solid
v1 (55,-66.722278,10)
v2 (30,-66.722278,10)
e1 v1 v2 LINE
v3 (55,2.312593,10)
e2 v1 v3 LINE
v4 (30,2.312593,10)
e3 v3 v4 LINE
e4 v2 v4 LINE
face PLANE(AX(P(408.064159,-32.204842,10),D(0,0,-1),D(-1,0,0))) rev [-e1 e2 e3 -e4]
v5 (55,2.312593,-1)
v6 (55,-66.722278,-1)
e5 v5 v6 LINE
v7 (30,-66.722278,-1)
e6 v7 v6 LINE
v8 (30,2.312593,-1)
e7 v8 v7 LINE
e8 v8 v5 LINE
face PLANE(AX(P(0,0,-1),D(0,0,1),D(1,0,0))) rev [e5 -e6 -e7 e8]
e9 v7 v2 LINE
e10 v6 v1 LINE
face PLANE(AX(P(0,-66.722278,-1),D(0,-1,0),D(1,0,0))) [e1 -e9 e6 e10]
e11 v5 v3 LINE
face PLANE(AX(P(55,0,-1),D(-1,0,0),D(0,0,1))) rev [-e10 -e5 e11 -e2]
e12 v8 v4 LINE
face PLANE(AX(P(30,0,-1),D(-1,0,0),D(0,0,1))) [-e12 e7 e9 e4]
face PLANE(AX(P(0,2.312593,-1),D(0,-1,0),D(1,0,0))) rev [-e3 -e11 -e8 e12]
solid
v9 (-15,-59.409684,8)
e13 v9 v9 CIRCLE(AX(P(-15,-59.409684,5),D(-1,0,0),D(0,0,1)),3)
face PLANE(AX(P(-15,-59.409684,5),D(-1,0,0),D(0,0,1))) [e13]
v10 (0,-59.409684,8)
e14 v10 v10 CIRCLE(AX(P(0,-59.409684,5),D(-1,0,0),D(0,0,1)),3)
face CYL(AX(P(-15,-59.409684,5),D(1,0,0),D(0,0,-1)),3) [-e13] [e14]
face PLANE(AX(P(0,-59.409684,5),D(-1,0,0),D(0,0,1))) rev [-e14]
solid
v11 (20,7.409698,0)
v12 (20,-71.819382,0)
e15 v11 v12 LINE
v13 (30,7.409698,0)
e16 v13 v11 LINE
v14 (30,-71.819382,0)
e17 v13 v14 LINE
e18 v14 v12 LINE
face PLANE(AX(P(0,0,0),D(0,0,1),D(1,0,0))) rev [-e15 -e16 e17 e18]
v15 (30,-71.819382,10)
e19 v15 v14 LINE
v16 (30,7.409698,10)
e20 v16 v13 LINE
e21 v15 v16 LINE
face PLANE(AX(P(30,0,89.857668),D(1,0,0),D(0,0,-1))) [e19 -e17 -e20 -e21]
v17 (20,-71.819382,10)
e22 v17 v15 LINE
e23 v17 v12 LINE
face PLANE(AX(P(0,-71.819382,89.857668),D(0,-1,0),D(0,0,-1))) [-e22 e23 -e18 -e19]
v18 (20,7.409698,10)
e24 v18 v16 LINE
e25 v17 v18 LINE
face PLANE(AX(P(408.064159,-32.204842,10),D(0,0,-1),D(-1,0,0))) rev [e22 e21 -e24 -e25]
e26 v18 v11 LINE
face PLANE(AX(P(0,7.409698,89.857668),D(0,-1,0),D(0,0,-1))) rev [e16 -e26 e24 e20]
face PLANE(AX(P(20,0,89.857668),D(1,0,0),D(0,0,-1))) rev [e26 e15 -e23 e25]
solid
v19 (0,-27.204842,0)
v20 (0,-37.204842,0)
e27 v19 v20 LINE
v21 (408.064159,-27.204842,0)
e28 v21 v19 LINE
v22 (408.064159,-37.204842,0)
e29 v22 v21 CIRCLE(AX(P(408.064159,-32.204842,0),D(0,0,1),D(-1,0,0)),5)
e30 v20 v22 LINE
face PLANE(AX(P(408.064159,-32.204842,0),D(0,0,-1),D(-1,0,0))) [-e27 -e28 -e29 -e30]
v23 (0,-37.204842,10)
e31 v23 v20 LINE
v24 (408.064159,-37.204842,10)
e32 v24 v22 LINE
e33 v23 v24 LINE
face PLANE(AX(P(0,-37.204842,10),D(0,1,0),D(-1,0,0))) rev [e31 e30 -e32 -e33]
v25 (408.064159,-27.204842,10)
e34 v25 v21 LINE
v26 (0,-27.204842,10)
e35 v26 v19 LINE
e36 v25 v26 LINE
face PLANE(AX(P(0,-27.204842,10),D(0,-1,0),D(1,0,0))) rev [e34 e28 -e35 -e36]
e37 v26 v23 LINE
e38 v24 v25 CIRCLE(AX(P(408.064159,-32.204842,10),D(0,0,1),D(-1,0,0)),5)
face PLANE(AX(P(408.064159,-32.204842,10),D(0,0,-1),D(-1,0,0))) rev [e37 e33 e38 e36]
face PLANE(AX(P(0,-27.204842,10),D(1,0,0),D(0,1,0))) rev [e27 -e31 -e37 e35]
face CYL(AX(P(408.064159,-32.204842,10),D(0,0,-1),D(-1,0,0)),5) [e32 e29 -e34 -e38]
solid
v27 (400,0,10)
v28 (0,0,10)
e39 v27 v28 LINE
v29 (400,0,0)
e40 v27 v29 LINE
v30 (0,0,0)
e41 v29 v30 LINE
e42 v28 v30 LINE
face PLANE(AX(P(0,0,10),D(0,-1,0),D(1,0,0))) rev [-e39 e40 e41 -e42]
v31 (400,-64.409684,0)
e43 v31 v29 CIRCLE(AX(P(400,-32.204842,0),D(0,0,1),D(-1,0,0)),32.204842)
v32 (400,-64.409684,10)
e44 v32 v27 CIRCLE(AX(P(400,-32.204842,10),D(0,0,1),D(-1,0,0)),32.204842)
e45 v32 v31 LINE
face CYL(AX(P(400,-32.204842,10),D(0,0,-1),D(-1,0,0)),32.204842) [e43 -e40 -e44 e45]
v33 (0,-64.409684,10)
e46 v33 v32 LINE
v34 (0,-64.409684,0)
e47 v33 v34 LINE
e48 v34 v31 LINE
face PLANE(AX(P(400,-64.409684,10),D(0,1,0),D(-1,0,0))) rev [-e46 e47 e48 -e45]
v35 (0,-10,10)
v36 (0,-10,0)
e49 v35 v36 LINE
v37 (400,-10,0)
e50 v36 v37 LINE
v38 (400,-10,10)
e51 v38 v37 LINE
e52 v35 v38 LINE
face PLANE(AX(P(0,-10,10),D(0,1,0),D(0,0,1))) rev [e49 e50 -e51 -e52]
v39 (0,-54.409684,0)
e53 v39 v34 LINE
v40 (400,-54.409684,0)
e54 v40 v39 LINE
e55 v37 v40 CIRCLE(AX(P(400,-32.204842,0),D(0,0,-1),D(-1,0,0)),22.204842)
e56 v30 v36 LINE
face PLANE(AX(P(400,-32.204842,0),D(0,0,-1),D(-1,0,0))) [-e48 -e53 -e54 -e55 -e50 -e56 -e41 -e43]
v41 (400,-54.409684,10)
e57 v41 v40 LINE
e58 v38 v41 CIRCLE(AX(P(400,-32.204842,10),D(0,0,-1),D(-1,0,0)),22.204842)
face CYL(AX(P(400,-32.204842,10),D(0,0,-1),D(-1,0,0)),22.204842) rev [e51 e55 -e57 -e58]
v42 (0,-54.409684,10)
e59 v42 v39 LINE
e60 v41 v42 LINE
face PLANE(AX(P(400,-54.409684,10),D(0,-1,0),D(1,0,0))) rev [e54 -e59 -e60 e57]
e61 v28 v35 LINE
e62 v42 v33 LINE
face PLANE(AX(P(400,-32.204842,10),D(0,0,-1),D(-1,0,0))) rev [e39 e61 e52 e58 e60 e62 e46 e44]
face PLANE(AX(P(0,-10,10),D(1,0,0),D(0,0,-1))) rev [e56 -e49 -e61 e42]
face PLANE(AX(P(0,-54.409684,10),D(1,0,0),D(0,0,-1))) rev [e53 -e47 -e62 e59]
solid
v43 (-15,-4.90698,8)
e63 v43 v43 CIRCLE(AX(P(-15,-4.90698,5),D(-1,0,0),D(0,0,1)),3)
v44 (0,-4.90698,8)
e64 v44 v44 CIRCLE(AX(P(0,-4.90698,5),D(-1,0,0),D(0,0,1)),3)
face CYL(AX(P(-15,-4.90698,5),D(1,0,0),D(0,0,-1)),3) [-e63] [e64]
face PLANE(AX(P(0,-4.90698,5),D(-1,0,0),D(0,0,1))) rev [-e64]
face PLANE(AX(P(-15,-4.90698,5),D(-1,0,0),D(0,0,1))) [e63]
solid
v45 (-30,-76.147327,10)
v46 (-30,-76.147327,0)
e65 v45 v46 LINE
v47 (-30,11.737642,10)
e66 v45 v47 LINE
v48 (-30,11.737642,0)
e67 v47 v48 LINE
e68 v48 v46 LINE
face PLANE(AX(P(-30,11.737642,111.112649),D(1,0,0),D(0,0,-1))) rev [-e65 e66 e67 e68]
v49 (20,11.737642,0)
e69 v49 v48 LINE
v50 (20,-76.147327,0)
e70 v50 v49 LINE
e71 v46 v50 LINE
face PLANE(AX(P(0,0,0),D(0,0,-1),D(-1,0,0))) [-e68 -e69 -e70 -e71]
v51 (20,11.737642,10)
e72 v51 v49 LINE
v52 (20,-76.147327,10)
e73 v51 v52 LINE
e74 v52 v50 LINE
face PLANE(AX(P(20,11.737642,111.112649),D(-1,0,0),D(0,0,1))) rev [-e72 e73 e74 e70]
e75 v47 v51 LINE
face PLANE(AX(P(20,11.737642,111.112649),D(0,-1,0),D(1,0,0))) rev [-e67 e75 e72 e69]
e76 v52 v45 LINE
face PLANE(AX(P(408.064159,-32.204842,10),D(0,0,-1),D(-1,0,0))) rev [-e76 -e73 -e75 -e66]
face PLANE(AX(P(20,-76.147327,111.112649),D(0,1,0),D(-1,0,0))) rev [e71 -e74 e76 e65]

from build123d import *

# Parameters (mm, degrees)
BOSS_EXTRUDE1_DEPTH      = 10
BOSS_EXTRUDE1_2_DEPTH    = 10
SKETCH2_R                = 3
BOSS_EXTRUDE2_DEPTH      = 15
SKETCH3_R                = 3
BOSS_EXTRUDE3_DEPTH      = 15
BOSS_EXTRUDE4_DEPTH      = 10
BOSS_EXTRUDE4_DEPTH_BACK = 1
SKETCH4_W                = 25
SKETCH4_H                = 69.034871012
SKETCH5_W                = 10
SKETCH5_H                = 39.614540043
BOSS_EXTRUDE6_DEPTH      = 10
SKETCH6_W                = 50
SKETCH6_H                = 87.884968957
BOSS_EXTRUDE7_DEPTH      = 10


with BuildPart() as part:
    # Sketch1 → Boss-Extrude1 (new body)
    with BuildSketch(Plane.XY):
        with BuildLine():
            Line((0, 0), (400, 0))
            ThreePointArc((400, 0), (432.204842223, -32.204842223), (400, -64.409684446))
            Line((400, -64.409684446), (0, -64.409684446))
            Line((0, -64.409684446), (0, -54.409684446))
            Line((0, -54.409684446), (400, -54.409684446))
            ThreePointArc((400, -54.409684446), (422.204842223, -32.204842223), (400, -10))
            Line((400, -10), (0, -10))
            Line((0, -10), (0, 0))
        make_face()
    extrude(amount=BOSS_EXTRUDE1_DEPTH)


with BuildPart() as body_2:
    # Sketch1 → Boss-Extrude1 2 (new body)
    with BuildSketch(Plane.XY):
        with BuildLine():
            Line((0, -27.204842223), (408.064158914, -27.204842223))
            ThreePointArc((408.064158914, -27.204842223), (413.064158914, -32.204842223), (408.064158914, -37.204842223))
            Line((408.064158914, -37.204842223), (0, -37.204842223))
            Line((0, -37.204842223), (0, -27.204842223))
        make_face()
    extrude(amount=BOSS_EXTRUDE1_2_DEPTH)


with BuildPart() as body_3:
    # Sketch2 → Boss-Extrude2 (new body)
    with BuildSketch(Plane.ZY):
        with Locations((5, -4.906979909)):
            Circle(SKETCH2_R)
    extrude(amount=BOSS_EXTRUDE2_DEPTH)


with BuildPart() as body_4:
    # Sketch3 → Boss-Extrude3 (new body)
    with BuildSketch(Plane.ZY):
        with Locations((5, -59.409684446)):
            Circle(SKETCH3_R)
    extrude(amount=BOSS_EXTRUDE3_DEPTH)


with BuildPart() as body_5:
    # Sketch4 → Boss-Extrude4 (new, two sides: drawn at the far end of the back side and taken through both)
    with BuildSketch(Plane.XY.offset(-BOSS_EXTRUDE4_DEPTH_BACK)):
        with Locations((42.5, -32.204842223)):
            Rectangle(SKETCH4_W, SKETCH4_H)
    extrude(amount=BOSS_EXTRUDE4_DEPTH + BOSS_EXTRUDE4_DEPTH_BACK)


with BuildPart() as body_6:
    # Sketch5 → Boss-Extrude6 (new body)
    with BuildSketch(Plane.XY):
        with Locations((25, -12.397572201)):
            Rectangle(SKETCH5_W, SKETCH5_H)
        with Locations((25, -52.012112245)):
            Rectangle(SKETCH5_W, SKETCH5_H)
    extrude(amount=BOSS_EXTRUDE6_DEPTH)


with BuildPart() as body_7:
    # Sketch6 → Boss-Extrude7 (new body)
    with BuildSketch(Plane.XY):
        with Locations((-5, -32.204842224)):
            Rectangle(SKETCH6_W, SKETCH6_H)
    extrude(amount=BOSS_EXTRUDE7_DEPTH)


solid = Compound([part.part, body_2.part, body_3.part, body_4.part, body_5.part, body_6.part, body_7.part])
